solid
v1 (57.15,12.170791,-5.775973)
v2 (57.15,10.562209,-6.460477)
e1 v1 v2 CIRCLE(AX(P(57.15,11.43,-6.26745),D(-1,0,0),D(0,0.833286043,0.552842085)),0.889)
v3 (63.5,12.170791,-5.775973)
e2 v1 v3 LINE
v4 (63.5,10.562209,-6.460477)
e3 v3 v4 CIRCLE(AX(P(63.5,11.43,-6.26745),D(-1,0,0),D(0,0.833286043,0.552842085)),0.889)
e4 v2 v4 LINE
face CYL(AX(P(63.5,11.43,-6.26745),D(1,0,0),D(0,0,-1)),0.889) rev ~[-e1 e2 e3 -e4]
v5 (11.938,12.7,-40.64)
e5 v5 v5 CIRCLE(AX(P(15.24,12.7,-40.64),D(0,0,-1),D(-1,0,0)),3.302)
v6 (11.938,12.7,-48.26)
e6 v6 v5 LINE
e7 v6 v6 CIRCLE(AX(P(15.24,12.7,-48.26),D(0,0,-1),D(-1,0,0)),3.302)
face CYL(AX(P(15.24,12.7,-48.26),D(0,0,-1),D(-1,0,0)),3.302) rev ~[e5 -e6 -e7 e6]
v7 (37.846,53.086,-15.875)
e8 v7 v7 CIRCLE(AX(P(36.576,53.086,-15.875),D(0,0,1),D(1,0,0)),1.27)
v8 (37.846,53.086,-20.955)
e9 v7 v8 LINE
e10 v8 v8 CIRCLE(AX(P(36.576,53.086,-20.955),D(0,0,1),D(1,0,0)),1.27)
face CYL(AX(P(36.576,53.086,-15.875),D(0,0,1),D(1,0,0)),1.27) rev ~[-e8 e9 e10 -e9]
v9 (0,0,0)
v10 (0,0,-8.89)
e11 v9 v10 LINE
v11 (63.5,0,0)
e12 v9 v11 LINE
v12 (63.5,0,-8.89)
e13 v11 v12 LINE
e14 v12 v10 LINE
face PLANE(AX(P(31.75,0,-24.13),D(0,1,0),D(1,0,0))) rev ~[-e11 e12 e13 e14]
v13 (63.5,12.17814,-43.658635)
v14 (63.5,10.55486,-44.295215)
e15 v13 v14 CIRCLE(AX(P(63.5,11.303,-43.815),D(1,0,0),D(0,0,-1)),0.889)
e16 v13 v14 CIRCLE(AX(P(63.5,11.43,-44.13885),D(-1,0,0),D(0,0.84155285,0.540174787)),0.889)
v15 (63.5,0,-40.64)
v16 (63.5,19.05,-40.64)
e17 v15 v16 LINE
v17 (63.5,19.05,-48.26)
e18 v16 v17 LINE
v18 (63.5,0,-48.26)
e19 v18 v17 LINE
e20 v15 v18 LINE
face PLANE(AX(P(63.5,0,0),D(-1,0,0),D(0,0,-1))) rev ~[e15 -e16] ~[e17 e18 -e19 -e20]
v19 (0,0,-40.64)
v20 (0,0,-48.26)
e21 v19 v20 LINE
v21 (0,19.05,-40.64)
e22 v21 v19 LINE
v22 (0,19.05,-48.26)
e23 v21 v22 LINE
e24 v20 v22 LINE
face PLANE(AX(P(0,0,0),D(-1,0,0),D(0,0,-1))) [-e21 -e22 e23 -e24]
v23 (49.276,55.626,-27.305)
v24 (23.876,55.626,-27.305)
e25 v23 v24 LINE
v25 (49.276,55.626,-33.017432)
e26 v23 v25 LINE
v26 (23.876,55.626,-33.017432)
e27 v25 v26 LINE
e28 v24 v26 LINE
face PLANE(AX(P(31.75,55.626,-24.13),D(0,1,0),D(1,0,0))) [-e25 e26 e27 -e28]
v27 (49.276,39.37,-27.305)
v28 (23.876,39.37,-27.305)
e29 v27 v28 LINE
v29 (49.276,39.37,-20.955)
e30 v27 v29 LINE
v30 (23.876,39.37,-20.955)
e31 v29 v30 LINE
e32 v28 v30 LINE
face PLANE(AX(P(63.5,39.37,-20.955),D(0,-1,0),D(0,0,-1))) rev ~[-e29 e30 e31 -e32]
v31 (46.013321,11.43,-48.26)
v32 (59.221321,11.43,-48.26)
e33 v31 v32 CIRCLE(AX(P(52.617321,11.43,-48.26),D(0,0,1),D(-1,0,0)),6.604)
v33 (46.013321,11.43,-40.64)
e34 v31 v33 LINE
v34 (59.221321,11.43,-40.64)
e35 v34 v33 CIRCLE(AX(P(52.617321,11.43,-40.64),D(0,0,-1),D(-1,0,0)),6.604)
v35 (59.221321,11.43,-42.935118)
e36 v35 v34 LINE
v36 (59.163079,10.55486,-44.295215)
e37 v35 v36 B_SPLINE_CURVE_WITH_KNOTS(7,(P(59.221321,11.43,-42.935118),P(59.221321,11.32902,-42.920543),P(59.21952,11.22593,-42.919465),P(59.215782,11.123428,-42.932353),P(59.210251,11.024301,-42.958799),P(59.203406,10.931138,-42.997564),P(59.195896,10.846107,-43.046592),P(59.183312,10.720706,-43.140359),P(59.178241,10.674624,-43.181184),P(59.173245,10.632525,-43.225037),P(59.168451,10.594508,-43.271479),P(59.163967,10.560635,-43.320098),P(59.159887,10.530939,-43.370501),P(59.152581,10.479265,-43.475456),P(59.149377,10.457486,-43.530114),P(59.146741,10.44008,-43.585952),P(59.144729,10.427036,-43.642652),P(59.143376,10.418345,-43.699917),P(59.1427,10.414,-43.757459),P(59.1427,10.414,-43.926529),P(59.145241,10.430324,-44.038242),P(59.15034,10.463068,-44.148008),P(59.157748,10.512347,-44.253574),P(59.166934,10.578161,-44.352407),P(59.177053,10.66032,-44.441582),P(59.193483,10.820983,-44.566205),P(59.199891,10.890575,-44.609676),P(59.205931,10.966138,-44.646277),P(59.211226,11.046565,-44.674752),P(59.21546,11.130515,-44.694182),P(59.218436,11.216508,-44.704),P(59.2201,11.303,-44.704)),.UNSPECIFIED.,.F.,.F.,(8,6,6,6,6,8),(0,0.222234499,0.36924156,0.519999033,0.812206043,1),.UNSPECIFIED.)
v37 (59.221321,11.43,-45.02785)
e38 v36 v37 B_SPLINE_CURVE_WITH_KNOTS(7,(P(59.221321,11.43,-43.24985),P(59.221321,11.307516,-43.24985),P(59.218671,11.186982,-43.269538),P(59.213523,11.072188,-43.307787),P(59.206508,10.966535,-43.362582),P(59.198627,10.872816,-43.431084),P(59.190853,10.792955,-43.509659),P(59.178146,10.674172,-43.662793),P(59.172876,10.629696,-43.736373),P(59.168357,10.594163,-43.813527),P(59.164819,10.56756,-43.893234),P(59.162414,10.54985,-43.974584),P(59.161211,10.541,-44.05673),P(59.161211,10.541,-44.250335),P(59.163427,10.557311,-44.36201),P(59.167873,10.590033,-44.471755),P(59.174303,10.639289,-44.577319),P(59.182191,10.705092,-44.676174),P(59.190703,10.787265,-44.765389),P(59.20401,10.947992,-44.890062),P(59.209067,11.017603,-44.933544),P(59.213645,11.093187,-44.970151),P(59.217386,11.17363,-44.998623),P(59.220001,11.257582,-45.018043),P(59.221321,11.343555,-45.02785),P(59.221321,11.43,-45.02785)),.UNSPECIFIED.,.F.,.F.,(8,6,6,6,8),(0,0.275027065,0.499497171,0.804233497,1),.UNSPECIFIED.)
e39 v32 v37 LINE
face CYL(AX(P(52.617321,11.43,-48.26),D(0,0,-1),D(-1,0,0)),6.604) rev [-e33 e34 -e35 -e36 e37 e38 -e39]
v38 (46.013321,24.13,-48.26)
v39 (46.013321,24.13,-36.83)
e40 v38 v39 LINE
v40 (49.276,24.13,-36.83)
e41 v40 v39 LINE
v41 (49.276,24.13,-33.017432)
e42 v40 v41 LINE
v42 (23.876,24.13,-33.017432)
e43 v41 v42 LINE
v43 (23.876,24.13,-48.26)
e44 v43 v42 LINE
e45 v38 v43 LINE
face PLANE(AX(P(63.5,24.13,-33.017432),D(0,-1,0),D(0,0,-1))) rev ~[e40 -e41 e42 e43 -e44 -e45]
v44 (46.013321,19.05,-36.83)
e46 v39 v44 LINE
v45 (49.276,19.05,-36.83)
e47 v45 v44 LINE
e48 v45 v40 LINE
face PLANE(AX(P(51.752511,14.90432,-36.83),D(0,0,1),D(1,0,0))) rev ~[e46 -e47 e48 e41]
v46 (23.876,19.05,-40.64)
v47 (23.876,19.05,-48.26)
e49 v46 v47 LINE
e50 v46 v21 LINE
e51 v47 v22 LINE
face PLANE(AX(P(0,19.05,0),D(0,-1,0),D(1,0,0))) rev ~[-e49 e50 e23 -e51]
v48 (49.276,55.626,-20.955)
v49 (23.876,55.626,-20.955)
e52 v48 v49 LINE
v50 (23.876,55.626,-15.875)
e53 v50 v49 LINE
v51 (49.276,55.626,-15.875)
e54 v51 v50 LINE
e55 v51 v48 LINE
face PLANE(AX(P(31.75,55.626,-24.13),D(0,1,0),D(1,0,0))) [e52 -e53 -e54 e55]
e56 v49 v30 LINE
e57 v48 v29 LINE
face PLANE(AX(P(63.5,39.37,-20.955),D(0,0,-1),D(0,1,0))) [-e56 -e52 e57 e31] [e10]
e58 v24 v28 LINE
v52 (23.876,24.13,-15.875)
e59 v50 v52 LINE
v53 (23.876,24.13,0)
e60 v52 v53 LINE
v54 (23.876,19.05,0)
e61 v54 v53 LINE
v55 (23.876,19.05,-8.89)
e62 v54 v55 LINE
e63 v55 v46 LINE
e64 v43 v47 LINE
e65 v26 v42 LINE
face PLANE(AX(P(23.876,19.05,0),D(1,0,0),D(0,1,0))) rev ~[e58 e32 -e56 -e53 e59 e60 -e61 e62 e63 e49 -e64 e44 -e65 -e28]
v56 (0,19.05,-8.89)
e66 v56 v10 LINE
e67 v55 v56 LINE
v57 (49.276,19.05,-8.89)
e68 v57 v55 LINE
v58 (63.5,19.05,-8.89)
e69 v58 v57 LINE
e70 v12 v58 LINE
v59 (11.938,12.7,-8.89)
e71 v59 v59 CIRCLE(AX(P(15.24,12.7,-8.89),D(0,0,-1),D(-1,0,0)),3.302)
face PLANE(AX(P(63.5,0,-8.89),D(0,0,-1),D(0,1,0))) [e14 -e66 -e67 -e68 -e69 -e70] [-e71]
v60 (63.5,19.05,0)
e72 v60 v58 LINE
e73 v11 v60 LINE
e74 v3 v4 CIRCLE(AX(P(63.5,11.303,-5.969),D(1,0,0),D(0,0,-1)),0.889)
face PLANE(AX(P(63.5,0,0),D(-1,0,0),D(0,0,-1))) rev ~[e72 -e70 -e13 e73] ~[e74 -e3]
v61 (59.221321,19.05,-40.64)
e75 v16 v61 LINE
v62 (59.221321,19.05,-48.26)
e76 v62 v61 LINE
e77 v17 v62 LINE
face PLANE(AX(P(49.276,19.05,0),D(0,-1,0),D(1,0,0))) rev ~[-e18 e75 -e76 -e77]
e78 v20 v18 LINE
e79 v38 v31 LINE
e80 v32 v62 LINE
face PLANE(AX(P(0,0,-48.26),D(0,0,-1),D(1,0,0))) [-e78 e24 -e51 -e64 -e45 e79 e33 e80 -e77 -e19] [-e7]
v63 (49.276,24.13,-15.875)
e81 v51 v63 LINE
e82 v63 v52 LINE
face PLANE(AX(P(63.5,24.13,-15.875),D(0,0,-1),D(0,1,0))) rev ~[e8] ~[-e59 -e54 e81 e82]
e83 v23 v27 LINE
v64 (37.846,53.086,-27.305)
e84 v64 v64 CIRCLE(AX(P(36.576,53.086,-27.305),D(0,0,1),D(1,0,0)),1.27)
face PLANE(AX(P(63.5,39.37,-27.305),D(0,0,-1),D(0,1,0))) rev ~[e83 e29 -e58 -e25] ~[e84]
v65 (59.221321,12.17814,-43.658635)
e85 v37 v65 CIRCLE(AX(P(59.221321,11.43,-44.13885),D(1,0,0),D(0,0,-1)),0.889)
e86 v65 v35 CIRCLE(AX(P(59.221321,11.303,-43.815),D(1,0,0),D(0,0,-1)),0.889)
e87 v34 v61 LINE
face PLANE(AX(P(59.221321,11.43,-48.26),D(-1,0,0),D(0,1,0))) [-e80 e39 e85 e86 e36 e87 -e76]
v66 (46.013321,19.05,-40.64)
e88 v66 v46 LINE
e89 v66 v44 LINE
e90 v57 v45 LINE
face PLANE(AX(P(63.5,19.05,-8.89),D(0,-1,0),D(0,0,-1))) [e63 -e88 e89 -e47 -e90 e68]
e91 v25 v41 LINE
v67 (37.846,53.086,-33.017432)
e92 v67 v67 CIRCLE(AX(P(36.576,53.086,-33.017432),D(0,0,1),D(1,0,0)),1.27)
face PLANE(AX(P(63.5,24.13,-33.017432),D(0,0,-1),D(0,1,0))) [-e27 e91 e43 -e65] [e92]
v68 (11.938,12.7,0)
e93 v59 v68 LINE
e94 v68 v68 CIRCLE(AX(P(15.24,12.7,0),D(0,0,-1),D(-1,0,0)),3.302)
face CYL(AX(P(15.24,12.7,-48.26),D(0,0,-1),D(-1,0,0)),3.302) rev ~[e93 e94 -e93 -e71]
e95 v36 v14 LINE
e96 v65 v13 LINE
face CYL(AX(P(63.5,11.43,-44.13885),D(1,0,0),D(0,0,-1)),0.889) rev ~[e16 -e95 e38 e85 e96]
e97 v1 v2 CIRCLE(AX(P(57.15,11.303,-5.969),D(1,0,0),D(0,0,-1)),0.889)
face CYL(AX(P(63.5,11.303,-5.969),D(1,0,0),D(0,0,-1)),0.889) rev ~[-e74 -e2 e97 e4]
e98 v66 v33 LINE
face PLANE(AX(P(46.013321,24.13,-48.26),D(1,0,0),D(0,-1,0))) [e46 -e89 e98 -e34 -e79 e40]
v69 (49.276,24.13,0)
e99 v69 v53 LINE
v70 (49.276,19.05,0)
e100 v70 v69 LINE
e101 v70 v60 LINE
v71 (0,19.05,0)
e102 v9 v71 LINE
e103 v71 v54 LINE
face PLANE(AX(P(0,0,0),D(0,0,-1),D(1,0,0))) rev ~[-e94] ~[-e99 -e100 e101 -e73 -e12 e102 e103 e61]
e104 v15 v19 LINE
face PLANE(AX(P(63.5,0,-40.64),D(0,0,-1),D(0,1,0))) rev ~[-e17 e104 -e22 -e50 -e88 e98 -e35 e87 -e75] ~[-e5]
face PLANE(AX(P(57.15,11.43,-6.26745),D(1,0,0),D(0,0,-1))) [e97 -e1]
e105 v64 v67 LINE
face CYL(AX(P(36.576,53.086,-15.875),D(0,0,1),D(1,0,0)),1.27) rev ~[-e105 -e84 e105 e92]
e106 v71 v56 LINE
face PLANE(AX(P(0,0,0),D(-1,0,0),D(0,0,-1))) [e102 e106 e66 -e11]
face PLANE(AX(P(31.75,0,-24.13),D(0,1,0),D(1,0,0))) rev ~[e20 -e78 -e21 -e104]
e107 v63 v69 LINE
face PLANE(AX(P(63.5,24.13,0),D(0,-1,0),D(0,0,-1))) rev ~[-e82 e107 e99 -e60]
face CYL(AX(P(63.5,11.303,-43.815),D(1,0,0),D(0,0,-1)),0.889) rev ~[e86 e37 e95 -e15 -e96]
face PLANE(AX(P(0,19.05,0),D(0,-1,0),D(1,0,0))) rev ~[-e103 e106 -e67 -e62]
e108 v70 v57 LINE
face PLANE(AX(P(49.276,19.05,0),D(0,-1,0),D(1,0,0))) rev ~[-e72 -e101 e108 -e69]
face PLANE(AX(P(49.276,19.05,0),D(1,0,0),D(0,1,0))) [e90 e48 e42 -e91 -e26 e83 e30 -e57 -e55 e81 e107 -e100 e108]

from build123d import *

# Parameters (mm, degrees)
SKETCH1_W           = 63.5
SKETCH1_H           = 48.26
BOSS_EXTRUDE1_DEPTH = 55.626
SKETCH2_W           = 31.75
SKETCH2_H           = 19.05
SKETCH2_W_2         = 15.242568483
SKETCH2_H_2         = 31.496
SKETCH2_W_3         = 6.35
SKETCH2_H_3         = 16.256
SKETCH2_W_4         = 15.875
CUT_EXTRUDE2_DEPTH  = 64.5
SKETCH3_W           = 23.876
SKETCH3_H           = 36.576
SKETCH3_W_2         = 14.224
CUT_EXTRUDE3_DEPTH  = 49.26
SKETCH4_R           = 1.27
CUT_EXTRUDE4_DEPTH  = 33.385
CUT_EXTRUDE6_REACH  = 50.26
SKETCH6_R           = 3.302
SKETCH7_R           = 3.302
CUT_EXTRUDE7_DEPTH  = 49.26
CUT_EXTRUDE11_DEPTH = 11.43
SKETCH10_R          = 0.889
CUT_EXTRUDE10_DEPTH = 6.35
SKETCH9_R           = 0.889
CUT_EXTRUDE9_DEPTH  = 6.35


with BuildPart() as part:
    # Sketch1 → Boss-Extrude1 (new body)
    with BuildSketch(Plane(origin=(0, 0, 0), x_dir=(1, 0, 0), z_dir=(0, 1, 0))):
        with Locations((31.75, 24.13)):
            Rectangle(SKETCH1_W, SKETCH1_H)
    extrude(amount=BOSS_EXTRUDE1_DEPTH)

    # Sketch2 → Cut-Extrude2 (cut, through all)
    with BuildSketch(Plane(origin=(63.5, 0, 0), x_dir=(0, 0, -1), z_dir=(1, 0, 0))):
        with Locations((24.765, 9.525)):
            Rectangle(SKETCH2_W, SKETCH2_H)
        with Locations((40.638715758, 39.878)):
            Rectangle(SKETCH2_W_2, SKETCH2_H_2)
        with Locations((24.13, 47.498)):
            Rectangle(SKETCH2_W_3, SKETCH2_H_3)
        with Locations((7.9375, 39.878)):
            Rectangle(SKETCH2_W_4, SKETCH2_H_2)
    extrude(amount=-CUT_EXTRUDE2_DEPTH, mode=Mode.SUBTRACT)

    # Sketch3 → Cut-Extrude3 (cut, through all)
    with BuildSketch(Plane.XY):
        with Locations((11.938, 37.338)):
            Rectangle(SKETCH3_W, SKETCH3_H)
        with Locations((56.388, 37.338)):
            Rectangle(SKETCH3_W_2, SKETCH3_H)
    extrude(amount=-CUT_EXTRUDE3_DEPTH, mode=Mode.SUBTRACT)

    # Sketch4 → Cut-Extrude4 (cut, through all)
    with BuildSketch(Plane.XY.offset(-15.875)):
        with Locations((36.576, 53.086)):
            Circle(SKETCH4_R)
    extrude(amount=-CUT_EXTRUDE4_DEPTH, mode=Mode.SUBTRACT)

    # Sketch6 → Cut-Extrude6 (cut, up to next)
    with BuildSketch(Plane(origin=(0, 0, -48.26), x_dir=(-1, 0, 0), z_dir=(0, 0, -1)), mode=Mode.PRIVATE) as cut_extrude6_sk1:
        with Locations((-15.24, 12.7)):
            Circle(SKETCH6_R)
    cut_extrude6_tool1 = extrude(cut_extrude6_sk1.sketch, amount=-CUT_EXTRUDE6_REACH, mode=Mode.PRIVATE) & part.part
    add(cut_extrude6_tool1.solids().sort_by_distance((15.24, 12.7, -48.26))[0], mode=Mode.SUBTRACT)

    # Sketch7 → Cut-Extrude7 (cut, through all)
    with BuildSketch(Plane(origin=(0, 0, -48.26), x_dir=(-1, 0, 0), z_dir=(0, 0, -1))):
        with Locations((-15.24, 12.7)):
            Circle(SKETCH7_R)
    extrude(amount=-CUT_EXTRUDE7_DEPTH, mode=Mode.SUBTRACT)

    # Sketch8 → Cut-Extrude11 (cut)
    with BuildSketch(Plane(origin=(0, 0, -48.26), x_dir=(-1, 0, 0), z_dir=(0, 0, -1))):
        with BuildLine():
            Line((-49.276, 24.13), (-46.013321356, 24.13))
            Line((-46.013321356, 24.13), (-46.013321356, 11.43))
            ThreePointArc((-46.013321356, 11.43), (-52.617321356, 4.826), (-59.221321356, 11.43))
            Line((-59.221321356, 11.43), (-59.221321356, 19.05))
            Line((-59.221321356, 19.05), (-49.276, 19.05))
            Line((-49.276, 19.05), (-49.276, 24.13))
        make_face()
    extrude(amount=-CUT_EXTRUDE11_DEPTH, mode=Mode.SUBTRACT)

    # Sketch10 → Cut-Extrude10 (cut)
    with BuildSketch(Plane(origin=(63.5, 0, 0), x_dir=(0, 0, -1), z_dir=(1, 0, 0))):
        with Locations((6.26745, 11.43)):
            Circle(SKETCH10_R)
        with Locations((44.13885, 11.43)):
            Circle(SKETCH10_R)
    extrude(amount=-CUT_EXTRUDE10_DEPTH, mode=Mode.SUBTRACT)

    # Sketch9 → Cut-Extrude9 (cut)
    with BuildSketch(Plane(origin=(63.5, 0, 0), x_dir=(0, 0, -1), z_dir=(1, 0, 0))):
        with Locations((5.969, 11.303)):
            Circle(SKETCH9_R)
        with Locations((43.815, 11.303)):
            Circle(SKETCH9_R)
    extrude(amount=-CUT_EXTRUDE9_DEPTH, mode=Mode.SUBTRACT)


solid = part.part
